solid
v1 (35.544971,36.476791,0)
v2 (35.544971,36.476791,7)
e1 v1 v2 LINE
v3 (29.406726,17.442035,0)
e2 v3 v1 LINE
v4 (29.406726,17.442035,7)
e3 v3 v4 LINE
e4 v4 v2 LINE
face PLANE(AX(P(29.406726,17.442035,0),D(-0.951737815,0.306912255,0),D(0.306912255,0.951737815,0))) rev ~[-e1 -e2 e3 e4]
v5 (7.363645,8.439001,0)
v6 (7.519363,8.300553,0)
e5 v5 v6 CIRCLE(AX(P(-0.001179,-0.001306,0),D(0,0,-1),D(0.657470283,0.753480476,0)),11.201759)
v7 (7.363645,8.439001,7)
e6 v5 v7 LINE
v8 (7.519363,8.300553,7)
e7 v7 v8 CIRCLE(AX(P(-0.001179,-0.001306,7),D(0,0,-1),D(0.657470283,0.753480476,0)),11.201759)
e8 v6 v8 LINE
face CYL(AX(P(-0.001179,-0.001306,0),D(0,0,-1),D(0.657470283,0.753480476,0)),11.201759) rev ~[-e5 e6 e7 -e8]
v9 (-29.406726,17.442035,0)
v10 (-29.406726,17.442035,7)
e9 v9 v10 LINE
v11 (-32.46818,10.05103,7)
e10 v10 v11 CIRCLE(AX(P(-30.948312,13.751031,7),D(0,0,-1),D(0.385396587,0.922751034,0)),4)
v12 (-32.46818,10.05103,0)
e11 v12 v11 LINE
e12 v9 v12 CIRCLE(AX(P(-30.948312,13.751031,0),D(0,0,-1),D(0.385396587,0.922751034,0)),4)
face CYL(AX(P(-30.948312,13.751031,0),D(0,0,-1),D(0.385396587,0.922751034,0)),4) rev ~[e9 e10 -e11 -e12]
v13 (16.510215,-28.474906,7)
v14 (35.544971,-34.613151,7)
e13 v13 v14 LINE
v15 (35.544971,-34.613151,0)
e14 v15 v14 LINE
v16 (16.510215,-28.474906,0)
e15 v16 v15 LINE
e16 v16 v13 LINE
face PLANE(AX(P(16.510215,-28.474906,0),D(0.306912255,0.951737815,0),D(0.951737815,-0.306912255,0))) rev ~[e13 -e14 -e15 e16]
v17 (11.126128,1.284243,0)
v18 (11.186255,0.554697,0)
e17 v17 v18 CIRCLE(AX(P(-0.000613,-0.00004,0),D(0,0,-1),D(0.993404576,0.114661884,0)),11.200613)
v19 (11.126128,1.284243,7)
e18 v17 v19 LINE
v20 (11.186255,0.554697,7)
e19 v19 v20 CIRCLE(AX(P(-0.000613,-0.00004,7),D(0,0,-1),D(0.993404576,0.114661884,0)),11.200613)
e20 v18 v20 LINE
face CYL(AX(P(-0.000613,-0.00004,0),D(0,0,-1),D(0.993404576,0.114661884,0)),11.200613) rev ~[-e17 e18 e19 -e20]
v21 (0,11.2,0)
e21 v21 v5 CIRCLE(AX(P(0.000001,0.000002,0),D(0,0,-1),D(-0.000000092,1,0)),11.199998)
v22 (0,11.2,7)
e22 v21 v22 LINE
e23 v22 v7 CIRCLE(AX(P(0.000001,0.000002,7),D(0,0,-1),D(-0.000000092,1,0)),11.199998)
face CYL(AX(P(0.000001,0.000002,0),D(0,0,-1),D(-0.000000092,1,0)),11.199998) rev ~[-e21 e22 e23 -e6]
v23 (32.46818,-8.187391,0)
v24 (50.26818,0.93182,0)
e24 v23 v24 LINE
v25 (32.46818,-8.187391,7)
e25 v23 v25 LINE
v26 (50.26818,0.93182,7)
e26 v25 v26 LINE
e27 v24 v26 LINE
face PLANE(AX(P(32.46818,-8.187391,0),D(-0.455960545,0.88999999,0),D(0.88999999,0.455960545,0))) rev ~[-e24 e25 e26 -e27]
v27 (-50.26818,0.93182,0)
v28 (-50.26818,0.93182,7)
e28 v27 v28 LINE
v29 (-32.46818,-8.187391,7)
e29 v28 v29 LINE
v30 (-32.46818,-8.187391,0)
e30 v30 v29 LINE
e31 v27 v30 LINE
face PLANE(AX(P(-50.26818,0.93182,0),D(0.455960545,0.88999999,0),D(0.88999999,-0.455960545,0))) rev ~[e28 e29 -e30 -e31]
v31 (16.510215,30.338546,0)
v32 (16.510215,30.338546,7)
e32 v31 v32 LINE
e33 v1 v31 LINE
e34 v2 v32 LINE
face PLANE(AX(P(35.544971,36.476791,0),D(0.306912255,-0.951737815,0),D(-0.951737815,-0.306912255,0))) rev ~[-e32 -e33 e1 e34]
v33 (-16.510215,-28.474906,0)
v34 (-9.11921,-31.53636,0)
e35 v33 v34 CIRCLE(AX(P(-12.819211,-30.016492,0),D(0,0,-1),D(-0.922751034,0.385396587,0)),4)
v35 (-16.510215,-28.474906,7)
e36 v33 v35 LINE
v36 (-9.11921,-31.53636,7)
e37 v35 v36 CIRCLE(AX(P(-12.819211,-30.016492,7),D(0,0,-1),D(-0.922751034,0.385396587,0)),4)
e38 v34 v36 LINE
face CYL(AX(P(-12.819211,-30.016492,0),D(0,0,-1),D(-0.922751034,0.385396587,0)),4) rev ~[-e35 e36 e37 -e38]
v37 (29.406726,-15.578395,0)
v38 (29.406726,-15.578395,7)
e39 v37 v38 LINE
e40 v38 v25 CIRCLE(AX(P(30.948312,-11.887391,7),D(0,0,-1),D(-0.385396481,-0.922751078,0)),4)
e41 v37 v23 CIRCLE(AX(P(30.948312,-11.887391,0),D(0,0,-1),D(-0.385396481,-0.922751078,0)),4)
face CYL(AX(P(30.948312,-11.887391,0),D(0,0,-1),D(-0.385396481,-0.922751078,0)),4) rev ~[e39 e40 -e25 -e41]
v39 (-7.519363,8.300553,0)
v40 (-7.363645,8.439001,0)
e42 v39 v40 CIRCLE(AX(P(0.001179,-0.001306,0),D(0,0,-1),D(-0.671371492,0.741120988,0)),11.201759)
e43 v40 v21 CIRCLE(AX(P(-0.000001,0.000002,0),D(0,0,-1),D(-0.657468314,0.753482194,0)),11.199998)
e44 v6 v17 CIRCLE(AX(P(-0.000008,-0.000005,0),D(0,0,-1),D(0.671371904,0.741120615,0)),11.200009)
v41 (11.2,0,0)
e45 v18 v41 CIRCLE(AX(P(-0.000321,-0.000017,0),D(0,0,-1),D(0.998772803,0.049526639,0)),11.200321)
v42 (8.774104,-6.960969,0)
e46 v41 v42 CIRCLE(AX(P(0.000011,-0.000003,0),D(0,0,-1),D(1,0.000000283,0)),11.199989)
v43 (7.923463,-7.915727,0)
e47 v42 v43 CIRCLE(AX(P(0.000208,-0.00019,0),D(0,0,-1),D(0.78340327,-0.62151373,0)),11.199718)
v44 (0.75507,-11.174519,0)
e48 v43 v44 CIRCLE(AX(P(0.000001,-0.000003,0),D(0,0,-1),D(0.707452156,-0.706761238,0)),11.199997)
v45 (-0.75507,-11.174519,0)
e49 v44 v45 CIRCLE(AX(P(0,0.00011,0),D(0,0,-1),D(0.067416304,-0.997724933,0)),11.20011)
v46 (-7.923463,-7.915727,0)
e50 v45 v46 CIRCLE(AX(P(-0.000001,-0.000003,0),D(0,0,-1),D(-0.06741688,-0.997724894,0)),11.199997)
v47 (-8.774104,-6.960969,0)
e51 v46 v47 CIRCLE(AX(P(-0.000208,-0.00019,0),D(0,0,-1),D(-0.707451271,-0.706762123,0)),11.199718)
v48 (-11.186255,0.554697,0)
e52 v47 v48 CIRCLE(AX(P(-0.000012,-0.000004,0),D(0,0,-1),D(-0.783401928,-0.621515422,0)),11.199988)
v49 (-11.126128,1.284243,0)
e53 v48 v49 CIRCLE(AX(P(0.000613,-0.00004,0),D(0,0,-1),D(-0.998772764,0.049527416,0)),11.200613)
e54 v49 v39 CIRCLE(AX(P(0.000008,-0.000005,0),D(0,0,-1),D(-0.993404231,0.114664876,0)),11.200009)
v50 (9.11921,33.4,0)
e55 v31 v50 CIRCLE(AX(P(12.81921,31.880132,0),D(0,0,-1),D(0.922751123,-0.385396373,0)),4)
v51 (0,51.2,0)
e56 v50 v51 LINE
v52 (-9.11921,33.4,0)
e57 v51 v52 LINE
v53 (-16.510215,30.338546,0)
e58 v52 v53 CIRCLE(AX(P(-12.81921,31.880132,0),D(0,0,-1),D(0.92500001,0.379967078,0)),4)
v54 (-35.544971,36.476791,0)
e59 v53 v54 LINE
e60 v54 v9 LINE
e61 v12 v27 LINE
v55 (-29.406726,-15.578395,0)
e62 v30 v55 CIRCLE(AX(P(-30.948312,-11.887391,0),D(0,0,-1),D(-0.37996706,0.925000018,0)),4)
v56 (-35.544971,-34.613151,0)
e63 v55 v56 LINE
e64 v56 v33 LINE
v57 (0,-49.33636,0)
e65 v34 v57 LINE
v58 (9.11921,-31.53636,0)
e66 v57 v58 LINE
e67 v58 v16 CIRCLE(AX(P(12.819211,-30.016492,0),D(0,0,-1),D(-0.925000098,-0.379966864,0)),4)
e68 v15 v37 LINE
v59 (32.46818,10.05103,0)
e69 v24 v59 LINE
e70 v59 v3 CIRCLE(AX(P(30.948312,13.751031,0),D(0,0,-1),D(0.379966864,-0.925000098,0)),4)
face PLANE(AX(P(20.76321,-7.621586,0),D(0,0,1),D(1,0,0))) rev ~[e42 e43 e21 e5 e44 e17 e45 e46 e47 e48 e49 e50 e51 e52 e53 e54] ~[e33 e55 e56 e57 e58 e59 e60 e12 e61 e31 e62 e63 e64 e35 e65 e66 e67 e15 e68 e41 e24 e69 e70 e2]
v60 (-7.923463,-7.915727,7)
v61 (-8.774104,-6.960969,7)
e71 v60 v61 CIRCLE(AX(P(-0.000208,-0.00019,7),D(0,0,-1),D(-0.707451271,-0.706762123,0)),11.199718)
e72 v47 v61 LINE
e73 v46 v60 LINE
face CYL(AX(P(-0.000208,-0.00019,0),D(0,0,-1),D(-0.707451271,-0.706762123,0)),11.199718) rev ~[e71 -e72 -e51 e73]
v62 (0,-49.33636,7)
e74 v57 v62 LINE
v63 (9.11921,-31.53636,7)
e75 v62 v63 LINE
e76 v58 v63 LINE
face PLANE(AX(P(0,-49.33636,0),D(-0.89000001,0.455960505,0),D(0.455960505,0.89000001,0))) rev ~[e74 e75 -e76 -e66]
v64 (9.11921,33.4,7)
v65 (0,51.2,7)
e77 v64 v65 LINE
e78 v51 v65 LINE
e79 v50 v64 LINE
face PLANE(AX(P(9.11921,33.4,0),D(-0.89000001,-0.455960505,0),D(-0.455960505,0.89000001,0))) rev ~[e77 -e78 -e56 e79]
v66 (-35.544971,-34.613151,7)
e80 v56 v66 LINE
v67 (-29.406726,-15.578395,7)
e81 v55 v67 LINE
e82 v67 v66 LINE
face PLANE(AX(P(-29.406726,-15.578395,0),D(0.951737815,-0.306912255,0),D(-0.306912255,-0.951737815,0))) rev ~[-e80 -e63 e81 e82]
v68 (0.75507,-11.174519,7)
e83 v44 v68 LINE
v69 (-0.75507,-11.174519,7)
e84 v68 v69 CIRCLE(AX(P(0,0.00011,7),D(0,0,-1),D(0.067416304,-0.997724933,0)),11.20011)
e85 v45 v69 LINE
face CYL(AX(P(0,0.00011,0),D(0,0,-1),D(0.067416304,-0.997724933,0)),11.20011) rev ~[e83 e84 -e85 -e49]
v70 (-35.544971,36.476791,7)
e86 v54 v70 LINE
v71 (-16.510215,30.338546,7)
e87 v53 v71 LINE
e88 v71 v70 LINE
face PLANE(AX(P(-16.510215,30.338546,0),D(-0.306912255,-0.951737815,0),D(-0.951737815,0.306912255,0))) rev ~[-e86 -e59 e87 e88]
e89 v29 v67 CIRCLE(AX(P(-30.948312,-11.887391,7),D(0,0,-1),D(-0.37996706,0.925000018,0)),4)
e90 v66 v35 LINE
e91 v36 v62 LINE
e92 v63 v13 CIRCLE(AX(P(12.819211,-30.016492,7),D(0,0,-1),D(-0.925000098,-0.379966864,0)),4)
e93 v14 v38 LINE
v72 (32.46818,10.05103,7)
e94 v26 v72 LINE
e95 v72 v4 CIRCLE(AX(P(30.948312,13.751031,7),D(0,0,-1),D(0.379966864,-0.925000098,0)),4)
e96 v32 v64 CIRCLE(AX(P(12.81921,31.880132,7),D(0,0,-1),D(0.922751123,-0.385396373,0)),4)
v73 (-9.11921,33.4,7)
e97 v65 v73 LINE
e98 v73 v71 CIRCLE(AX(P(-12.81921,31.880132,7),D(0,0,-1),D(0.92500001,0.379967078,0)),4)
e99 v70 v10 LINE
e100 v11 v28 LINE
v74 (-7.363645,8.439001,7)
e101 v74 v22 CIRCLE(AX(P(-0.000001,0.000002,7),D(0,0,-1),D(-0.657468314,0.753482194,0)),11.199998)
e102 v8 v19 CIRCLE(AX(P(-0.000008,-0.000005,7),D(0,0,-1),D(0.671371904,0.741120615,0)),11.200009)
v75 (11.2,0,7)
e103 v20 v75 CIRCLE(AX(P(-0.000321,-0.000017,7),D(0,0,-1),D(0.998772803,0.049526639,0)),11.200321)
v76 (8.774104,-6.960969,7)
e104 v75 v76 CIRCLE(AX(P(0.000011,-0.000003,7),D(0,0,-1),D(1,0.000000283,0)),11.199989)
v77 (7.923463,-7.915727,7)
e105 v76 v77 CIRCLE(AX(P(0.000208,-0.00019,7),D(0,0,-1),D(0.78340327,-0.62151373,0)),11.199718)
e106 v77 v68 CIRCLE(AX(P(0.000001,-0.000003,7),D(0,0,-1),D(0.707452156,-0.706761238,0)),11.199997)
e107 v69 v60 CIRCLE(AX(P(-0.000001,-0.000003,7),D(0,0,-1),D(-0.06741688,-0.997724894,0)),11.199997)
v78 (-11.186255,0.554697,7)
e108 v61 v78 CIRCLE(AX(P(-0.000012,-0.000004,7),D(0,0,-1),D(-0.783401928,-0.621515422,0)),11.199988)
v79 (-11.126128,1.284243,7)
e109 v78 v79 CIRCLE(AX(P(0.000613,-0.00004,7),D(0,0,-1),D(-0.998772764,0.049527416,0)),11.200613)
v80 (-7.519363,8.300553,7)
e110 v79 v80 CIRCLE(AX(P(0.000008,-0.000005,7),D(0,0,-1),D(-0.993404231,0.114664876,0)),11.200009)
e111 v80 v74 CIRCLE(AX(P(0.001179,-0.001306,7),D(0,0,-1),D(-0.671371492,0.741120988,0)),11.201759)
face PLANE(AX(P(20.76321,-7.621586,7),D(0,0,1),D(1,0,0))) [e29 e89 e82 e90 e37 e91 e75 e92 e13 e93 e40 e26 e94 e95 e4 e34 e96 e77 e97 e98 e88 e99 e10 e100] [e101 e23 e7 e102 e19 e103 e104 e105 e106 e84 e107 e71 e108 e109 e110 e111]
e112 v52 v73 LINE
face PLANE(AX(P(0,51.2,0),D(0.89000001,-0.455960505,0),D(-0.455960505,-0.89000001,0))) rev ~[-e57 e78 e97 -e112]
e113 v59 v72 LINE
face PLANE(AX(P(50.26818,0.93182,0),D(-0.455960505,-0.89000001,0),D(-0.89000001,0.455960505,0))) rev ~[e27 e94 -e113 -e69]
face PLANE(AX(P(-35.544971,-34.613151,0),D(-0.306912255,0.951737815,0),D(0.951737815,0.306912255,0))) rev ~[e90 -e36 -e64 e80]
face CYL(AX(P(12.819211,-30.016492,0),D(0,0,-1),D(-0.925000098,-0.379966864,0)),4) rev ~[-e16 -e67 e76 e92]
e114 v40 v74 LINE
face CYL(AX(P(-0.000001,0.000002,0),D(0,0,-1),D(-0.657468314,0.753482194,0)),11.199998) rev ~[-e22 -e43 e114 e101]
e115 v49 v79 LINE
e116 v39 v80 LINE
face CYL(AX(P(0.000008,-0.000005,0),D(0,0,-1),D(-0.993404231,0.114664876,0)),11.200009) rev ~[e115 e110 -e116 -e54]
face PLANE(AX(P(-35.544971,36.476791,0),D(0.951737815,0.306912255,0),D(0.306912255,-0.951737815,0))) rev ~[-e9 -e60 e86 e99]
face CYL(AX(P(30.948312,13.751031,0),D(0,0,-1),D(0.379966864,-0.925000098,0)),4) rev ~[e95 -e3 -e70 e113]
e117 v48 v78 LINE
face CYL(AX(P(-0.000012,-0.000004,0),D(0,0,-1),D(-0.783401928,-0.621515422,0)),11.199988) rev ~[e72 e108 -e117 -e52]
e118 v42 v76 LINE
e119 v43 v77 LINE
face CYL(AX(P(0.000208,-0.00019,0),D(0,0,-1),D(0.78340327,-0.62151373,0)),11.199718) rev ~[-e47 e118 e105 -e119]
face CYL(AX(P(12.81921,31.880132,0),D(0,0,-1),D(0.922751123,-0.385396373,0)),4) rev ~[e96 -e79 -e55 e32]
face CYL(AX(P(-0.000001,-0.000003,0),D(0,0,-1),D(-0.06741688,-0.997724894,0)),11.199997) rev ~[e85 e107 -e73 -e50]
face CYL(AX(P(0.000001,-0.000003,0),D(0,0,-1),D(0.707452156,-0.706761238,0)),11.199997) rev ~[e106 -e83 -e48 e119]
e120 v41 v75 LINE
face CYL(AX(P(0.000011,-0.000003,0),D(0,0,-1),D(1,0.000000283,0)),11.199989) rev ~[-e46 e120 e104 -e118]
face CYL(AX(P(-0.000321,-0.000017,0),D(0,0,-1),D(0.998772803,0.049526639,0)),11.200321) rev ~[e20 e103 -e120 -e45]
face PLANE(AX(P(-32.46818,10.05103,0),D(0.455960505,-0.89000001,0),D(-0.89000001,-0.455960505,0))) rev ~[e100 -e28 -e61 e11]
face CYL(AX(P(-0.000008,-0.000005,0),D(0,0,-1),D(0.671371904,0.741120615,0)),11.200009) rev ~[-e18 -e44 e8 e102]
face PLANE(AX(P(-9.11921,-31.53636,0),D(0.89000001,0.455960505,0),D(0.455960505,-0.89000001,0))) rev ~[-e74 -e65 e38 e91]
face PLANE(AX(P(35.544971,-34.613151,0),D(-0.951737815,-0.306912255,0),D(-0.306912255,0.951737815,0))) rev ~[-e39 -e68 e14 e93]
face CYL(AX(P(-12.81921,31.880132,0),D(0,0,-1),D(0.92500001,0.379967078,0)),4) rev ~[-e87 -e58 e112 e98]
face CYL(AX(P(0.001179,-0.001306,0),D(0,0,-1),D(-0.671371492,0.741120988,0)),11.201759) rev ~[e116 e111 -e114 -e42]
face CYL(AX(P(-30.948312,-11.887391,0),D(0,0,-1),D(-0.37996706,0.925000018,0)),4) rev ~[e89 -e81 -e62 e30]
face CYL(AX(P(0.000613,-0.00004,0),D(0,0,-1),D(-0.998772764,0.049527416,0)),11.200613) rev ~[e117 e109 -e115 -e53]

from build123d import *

# Parameters (mm, degrees)
F1_DEPTH = 7


with BuildPart() as f1:
    # F0 (on Top) → F1 (new body)
    with BuildSketch(Plane.XY):
        with BuildLine():
            ThreePointArc((11.186255, 0.554697), (11.196563, 0.277434), (11.2, 0))
            ThreePointArc((11.2, 0), (10.576152, -3.685786), (8.774104, -6.960969))
            Line((8.774104, -6.960969), (29.406726, -15.578395))
            ThreePointArc((29.406726, -15.578395), (27.252794, -10.356657), (32.46818, -8.187391))
            Line((32.46818, -8.187391), (11.186255, 0.554697))
        make_face()
        with BuildLine():
            ThreePointArc((11.126128, 1.284243), (11.162153, 0.919962), (11.186255, 0.554697))
            Line((11.186255, 0.554697), (32.46818, -8.187391))
            Line((32.46818, -8.187391), (50.26818, 0.93182))
            Line((50.26818, 0.93182), (32.46818, 10.05103))
            Line((32.46818, 10.05103), (11.126128, 1.284243))
        make_face()
        with BuildLine():
            Line((29.406726, -15.578395), (8.774104, -6.960969))
            ThreePointArc((8.774104, -6.960969), (8.362421, -7.450498), (7.923463, -7.915727))
            Line((7.923463, -7.915727), (16.510215, -28.474906))
            Line((16.510215, -28.474906), (35.544971, -34.613151))
            Line((35.544971, -34.613151), (29.406726, -15.578395))
        make_face()
        with BuildLine():
            ThreePointArc((7.519363, 8.300553), (9.96096, 5.120475), (11.126128, 1.284243))
            Line((11.126128, 1.284243), (32.46818, 10.05103))
            ThreePointArc((32.46818, 10.05103), (27.252794, 12.220297), (29.406726, 17.442035))
            Line((29.406726, 17.442035), (7.519363, 8.300553))
        make_face()
        with BuildLine():
            Line((16.510215, -28.474906), (7.923463, -7.915727))
            ThreePointArc((7.923463, -7.915727), (4.635101, -10.195874), (0.75507, -11.174519))
            Line((0.75507, -11.174519), (9.11921, -31.53636))
            ThreePointArc((9.11921, -31.53636), (11.288477, -26.320974), (16.510215, -28.474906))
        make_face()
        with BuildLine():
            ThreePointArc((7.363645, 8.439001), (7.441826, 8.370139), (7.519363, 8.300553))
            Line((7.519363, 8.300553), (29.406726, 17.442035))
            Line((29.406726, 17.442035), (35.544971, 36.476791))
            Line((35.544971, 36.476791), (16.510215, 30.338546))
            Line((16.510215, 30.338546), (7.363645, 8.439001))
        make_face()
        with BuildLine():
            Line((9.11921, -31.53636), (0.75507, -11.174519))
            ThreePointArc((0.75507, -11.174519), (0, -11.2), (-0.75507, -11.174519))
            Line((-0.75507, -11.174519), (-9.11921, -31.53636))
            Line((-9.11921, -31.53636), (0, -49.33636))
            Line((0, -49.33636), (9.11921, -31.53636))
        make_face()
        with BuildLine():
            ThreePointArc((0, 11.2), (3.932124, 10.487059), (7.363645, 8.439001))
            Line((7.363645, 8.439001), (16.510215, 30.338546))
            ThreePointArc((16.510215, 30.338546), (11.288477, 28.184613), (9.11921, 33.4))
            Line((9.11921, 33.4), (0, 11.2))
        make_face()
        with BuildLine():
            Line((-9.11921, -31.53636), (-0.75507, -11.174519))
            ThreePointArc((-0.75507, -11.174519), (-4.635101, -10.195874), (-7.923463, -7.915727))
            Line((-7.923463, -7.915727), (-16.510215, -28.474906))
            ThreePointArc((-16.510215, -28.474906), (-11.288477, -26.320974), (-9.11921, -31.53636))
        make_face()
        Polygon((-9.11921, 33.4), (0, 11.2), (0, 51.2), align=None)
        with BuildLine():
            ThreePointArc((-7.363645, 8.439001), (-3.932124, 10.487059), (0, 11.2))
            Line((0, 11.2), (-9.11921, 33.4))
            ThreePointArc((-9.11921, 33.4), (-11.288477, 28.184613), (-16.510215, 30.338546))
            Line((-16.510215, 30.338546), (-7.363645, 8.439001))
        make_face()
        Polygon((0, 51.2), (0, 11.2), (9.11921, 33.4), align=None)
        with BuildLine():
            Line((-16.510215, -28.474906), (-7.923463, -7.915727))
            ThreePointArc((-7.923463, -7.915727), (-8.362421, -7.450498), (-8.774104, -6.960969))
            Line((-8.774104, -6.960969), (-29.406726, -15.578395))
            Line((-29.406726, -15.578395), (-35.544971, -34.613151))
            Line((-35.544971, -34.613151), (-16.510215, -28.474906))
        make_face()
        with BuildLine():
            ThreePointArc((-7.519363, 8.300553), (-7.441826, 8.370139), (-7.363645, 8.439001))
            Line((-7.363645, 8.439001), (-16.510215, 30.338546))
            Line((-16.510215, 30.338546), (-35.544971, 36.476791))
            Line((-35.544971, 36.476791), (-29.406726, 17.442035))
            Line((-29.406726, 17.442035), (-7.519363, 8.300553))
        make_face()
        with BuildLine():
            Line((-29.406726, -15.578395), (-8.774104, -6.960969))
            ThreePointArc((-8.774104, -6.960969), (-10.664207, -3.422674), (-11.186255, 0.554697))
            Line((-11.186255, 0.554697), (-32.46818, -8.187391))
            ThreePointArc((-32.46818, -8.187391), (-27.252794, -10.356657), (-29.406726, -15.578395))
        make_face()
        with BuildLine():
            ThreePointArc((-11.126128, 1.284243), (-9.96096, 5.120475), (-7.519363, 8.300553))
            Line((-7.519363, 8.300553), (-29.406726, 17.442035))
            ThreePointArc((-29.406726, 17.442035), (-27.252794, 12.220297), (-32.46818, 10.05103))
            Line((-32.46818, 10.05103), (-11.126128, 1.284243))
        make_face()
        with BuildLine():
            Line((-32.46818, -8.187391), (-11.186255, 0.554697))
            ThreePointArc((-11.186255, 0.554697), (-11.162153, 0.919962), (-11.126128, 1.284243))
            Line((-11.126128, 1.284243), (-32.46818, 10.05103))
            Line((-32.46818, 10.05103), (-50.26818, 0.93182))
            Line((-50.26818, 0.93182), (-32.46818, -8.187391))
        make_face()
    extrude(amount=F1_DEPTH)


solid = f1.part
